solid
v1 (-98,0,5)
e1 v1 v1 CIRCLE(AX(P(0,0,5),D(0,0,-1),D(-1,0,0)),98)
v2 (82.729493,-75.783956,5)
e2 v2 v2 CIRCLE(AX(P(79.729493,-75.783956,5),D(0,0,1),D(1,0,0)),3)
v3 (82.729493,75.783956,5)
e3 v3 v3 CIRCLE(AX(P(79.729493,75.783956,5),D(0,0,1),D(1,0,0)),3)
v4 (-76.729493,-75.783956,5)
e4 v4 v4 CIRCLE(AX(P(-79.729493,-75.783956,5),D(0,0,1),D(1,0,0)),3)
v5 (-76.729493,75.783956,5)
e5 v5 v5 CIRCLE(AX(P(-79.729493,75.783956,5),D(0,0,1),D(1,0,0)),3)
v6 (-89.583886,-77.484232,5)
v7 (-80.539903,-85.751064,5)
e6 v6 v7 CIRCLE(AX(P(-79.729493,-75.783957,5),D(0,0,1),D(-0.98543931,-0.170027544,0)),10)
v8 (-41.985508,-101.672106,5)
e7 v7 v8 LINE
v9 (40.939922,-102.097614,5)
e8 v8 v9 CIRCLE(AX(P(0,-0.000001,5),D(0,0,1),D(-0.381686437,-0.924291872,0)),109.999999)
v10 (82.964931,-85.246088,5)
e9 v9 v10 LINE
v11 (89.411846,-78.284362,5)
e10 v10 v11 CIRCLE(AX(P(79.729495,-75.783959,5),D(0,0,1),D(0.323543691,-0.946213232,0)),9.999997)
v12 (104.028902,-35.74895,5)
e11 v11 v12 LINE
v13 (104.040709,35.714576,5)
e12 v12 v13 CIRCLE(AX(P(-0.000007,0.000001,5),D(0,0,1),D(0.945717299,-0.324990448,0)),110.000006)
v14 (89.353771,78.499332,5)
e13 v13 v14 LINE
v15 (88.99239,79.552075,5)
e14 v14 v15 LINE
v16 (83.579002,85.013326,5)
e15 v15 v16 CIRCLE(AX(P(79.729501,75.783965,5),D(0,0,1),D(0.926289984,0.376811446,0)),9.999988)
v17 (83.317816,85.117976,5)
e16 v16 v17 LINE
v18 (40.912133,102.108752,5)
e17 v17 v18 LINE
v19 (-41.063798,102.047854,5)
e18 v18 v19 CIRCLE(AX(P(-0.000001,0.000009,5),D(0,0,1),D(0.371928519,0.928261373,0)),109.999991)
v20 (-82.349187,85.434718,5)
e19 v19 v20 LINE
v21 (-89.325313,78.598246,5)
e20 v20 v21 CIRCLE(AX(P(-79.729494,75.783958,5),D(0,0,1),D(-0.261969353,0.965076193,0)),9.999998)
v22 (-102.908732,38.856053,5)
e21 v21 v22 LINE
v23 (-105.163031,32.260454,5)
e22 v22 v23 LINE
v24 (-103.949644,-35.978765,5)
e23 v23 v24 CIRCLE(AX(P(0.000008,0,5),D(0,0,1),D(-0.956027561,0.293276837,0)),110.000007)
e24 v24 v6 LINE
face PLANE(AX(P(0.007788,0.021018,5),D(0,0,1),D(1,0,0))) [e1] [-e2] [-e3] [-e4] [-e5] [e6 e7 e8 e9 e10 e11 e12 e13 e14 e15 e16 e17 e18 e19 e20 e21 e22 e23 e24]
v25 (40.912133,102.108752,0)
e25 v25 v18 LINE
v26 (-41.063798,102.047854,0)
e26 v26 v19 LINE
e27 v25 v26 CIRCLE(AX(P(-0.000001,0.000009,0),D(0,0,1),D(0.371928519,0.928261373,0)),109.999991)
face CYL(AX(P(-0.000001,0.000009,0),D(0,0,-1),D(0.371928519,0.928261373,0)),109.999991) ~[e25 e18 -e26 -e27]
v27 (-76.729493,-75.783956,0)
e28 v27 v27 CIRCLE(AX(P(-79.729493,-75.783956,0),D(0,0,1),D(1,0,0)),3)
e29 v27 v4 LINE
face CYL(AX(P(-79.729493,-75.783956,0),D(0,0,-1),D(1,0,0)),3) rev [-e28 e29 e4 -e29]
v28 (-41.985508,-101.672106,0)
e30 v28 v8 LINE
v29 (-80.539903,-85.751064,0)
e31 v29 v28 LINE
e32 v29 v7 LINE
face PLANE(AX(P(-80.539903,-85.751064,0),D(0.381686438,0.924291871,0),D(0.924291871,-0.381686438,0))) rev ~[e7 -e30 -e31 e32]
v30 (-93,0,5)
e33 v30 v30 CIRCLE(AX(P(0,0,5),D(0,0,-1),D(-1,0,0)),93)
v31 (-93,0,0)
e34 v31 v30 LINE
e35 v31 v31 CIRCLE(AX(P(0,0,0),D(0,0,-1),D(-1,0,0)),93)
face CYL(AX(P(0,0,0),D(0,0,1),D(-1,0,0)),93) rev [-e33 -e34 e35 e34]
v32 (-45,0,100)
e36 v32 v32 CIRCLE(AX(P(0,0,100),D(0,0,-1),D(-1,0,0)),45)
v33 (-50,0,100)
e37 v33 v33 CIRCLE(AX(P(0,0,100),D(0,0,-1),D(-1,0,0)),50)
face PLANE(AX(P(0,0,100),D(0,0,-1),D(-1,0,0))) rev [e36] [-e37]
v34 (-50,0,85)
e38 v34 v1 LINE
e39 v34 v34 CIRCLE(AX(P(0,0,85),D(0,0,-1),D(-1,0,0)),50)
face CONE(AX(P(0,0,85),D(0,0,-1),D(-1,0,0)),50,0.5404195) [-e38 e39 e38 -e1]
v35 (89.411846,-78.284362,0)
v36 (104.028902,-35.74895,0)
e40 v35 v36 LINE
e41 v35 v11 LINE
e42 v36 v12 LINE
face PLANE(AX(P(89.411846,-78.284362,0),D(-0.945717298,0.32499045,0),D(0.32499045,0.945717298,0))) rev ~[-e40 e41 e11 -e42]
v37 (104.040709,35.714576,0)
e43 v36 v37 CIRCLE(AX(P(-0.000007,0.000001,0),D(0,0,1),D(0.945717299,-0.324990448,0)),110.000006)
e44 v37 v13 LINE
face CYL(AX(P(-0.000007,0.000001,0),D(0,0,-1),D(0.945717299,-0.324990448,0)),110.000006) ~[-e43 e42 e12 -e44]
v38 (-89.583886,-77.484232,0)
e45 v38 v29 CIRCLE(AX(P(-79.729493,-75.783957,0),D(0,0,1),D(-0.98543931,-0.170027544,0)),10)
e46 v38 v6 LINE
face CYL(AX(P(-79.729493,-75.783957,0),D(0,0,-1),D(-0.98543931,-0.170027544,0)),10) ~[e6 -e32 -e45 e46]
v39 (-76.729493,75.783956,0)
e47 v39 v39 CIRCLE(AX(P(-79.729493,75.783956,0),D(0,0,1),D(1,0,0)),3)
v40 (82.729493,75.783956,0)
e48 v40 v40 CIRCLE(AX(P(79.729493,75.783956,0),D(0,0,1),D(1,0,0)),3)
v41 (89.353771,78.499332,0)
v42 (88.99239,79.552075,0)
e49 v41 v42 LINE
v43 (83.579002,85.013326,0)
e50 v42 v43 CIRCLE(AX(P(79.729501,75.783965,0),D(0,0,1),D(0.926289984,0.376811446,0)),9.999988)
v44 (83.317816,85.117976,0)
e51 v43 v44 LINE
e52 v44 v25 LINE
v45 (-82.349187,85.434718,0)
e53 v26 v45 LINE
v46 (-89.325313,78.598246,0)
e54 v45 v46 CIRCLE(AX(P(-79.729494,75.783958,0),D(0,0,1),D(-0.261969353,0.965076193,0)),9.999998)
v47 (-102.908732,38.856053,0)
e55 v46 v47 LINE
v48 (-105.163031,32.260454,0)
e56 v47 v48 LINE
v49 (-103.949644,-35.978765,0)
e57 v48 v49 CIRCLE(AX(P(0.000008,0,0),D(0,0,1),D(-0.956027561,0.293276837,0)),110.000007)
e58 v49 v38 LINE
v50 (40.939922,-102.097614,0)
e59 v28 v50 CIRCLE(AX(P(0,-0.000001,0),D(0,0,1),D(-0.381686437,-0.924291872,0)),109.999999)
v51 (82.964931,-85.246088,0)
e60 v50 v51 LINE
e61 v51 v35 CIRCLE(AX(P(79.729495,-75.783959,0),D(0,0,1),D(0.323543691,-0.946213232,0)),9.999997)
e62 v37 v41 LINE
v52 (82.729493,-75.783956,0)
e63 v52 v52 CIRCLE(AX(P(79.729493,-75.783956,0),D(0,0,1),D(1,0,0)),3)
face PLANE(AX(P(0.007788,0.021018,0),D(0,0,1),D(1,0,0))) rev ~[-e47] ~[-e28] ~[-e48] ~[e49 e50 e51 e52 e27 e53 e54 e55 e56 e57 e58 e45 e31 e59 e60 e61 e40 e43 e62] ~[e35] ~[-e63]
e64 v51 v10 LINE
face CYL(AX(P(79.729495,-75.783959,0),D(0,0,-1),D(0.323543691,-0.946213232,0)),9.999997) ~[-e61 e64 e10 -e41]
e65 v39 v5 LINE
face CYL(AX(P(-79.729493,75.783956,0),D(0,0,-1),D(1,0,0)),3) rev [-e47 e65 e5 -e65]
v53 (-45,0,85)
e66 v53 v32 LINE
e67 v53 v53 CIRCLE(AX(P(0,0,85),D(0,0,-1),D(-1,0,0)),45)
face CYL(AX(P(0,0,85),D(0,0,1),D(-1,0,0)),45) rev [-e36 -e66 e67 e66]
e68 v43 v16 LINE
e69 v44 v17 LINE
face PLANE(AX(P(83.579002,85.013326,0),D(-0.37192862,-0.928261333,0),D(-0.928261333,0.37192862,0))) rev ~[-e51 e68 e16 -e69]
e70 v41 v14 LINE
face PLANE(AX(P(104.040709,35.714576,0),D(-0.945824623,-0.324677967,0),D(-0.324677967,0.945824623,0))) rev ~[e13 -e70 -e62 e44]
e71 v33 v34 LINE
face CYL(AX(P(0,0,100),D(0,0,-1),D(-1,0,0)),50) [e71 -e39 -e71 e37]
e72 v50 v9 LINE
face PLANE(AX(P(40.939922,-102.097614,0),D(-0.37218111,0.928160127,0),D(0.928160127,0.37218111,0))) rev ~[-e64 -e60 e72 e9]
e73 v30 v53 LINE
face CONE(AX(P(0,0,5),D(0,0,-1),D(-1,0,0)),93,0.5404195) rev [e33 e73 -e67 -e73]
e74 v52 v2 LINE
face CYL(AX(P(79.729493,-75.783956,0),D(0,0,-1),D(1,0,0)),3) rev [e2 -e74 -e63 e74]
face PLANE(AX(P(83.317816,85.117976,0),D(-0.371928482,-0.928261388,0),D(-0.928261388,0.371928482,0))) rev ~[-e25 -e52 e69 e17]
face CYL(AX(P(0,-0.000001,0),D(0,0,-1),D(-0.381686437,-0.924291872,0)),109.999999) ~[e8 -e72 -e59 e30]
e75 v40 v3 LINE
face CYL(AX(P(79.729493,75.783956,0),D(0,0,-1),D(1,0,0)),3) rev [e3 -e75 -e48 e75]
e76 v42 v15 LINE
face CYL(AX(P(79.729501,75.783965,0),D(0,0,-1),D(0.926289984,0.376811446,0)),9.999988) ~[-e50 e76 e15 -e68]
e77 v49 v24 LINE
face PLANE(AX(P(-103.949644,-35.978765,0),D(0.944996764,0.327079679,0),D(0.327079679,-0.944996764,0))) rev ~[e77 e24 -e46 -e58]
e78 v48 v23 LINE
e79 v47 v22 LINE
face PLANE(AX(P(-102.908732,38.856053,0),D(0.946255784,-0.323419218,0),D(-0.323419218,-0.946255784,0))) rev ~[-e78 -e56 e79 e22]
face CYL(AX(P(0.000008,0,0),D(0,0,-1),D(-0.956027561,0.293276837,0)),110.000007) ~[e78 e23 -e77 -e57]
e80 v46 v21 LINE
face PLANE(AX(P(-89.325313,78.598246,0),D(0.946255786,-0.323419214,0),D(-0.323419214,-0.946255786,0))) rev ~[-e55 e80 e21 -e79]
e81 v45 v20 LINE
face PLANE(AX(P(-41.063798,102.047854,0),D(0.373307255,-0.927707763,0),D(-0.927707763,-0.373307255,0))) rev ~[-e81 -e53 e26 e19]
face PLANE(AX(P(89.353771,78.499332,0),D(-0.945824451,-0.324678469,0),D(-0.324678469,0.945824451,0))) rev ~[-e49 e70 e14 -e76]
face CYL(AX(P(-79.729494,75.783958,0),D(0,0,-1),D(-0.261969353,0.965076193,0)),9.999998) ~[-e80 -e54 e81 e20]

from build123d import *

# Parameters (mm, degrees)
F0_R     = 3
F0_R_2   = 95
F3_DEPTH = 5


with BuildPart() as f2:
    # F1 (on Front) → F2 (revolve)
    with BuildSketch(Plane.XZ):
        Polygon((-98, 5), (-98, 0), (-93, 0), (-93, 5), (-45, 85), (-45, 100), (-50, 100), (-50, 85), align=None)
    revolve(axis=Axis((0, 0, 50), (0, 0, -1)))

    # F0 (on Top) → F3 (join)
    with BuildSketch(Plane.XY):
        with BuildLine():
            Line((-89.325313, 78.598246), (-102.908732, 38.856053))
            Line((-102.908732, 38.856053), (-105.163031, 32.260454))
            ThreePointArc((-105.163031, 32.260454), (-109.982614, -1.955642), (-103.949644, -35.978765))
            Line((-103.949644, -35.978765), (-89.583886, -77.484232))
            ThreePointArc((-89.583886, -77.484232), (-86.476317, -83.165038), (-80.539903, -85.751064))
            Line((-80.539903, -85.751064), (-41.985508, -101.672106))
            ThreePointArc((-41.985508, -101.672106), (-0.564426, -109.998552), (40.939922, -102.097614))
            Line((40.939922, -102.097614), (82.964931, -85.246088))
            ThreePointArc((82.964931, -85.246088), (87.066641, -82.578532), (89.411846, -78.284362))
            Line((89.411846, -78.284362), (104.028902, -35.74895))
            ThreePointArc((104.028902, -35.74895), (109.999998, -0.018173), (104.040709, 35.714576))
            Line((104.040709, 35.714576), (89.353771, 78.499332))
            Line((89.353771, 78.499332), (88.99239, 79.552075))
            ThreePointArc((88.99239, 79.552075), (86.831614, 82.823834), (83.579002, 85.013326))
            Line((83.579002, 85.013326), (83.317816, 85.117976))
            Line((83.317816, 85.117976), (40.912133, 102.108752))
            ThreePointArc((40.912133, 102.108752), (-0.081717, 109.99997), (-41.063798, 102.047854))
            Line((-41.063798, 102.047854), (-82.349187, 85.434718))
            ThreePointArc((-82.349187, 85.434718), (-86.72871, 82.926152), (-89.325313, 78.598246))
        make_face()
        with Locations((-79.729493, -75.783956)):
            Circle(F0_R, mode=Mode.SUBTRACT)
        with Locations((79.729493, -75.783956)):
            Circle(F0_R, mode=Mode.SUBTRACT)
        with Locations((-79.729493, 75.783956)):
            Circle(F0_R, mode=Mode.SUBTRACT)
        Circle(F0_R_2, mode=Mode.SUBTRACT)
        with Locations((79.729493, 75.783956)):
            Circle(F0_R, mode=Mode.SUBTRACT)
    extrude(amount=F3_DEPTH)


solid = f2.part
